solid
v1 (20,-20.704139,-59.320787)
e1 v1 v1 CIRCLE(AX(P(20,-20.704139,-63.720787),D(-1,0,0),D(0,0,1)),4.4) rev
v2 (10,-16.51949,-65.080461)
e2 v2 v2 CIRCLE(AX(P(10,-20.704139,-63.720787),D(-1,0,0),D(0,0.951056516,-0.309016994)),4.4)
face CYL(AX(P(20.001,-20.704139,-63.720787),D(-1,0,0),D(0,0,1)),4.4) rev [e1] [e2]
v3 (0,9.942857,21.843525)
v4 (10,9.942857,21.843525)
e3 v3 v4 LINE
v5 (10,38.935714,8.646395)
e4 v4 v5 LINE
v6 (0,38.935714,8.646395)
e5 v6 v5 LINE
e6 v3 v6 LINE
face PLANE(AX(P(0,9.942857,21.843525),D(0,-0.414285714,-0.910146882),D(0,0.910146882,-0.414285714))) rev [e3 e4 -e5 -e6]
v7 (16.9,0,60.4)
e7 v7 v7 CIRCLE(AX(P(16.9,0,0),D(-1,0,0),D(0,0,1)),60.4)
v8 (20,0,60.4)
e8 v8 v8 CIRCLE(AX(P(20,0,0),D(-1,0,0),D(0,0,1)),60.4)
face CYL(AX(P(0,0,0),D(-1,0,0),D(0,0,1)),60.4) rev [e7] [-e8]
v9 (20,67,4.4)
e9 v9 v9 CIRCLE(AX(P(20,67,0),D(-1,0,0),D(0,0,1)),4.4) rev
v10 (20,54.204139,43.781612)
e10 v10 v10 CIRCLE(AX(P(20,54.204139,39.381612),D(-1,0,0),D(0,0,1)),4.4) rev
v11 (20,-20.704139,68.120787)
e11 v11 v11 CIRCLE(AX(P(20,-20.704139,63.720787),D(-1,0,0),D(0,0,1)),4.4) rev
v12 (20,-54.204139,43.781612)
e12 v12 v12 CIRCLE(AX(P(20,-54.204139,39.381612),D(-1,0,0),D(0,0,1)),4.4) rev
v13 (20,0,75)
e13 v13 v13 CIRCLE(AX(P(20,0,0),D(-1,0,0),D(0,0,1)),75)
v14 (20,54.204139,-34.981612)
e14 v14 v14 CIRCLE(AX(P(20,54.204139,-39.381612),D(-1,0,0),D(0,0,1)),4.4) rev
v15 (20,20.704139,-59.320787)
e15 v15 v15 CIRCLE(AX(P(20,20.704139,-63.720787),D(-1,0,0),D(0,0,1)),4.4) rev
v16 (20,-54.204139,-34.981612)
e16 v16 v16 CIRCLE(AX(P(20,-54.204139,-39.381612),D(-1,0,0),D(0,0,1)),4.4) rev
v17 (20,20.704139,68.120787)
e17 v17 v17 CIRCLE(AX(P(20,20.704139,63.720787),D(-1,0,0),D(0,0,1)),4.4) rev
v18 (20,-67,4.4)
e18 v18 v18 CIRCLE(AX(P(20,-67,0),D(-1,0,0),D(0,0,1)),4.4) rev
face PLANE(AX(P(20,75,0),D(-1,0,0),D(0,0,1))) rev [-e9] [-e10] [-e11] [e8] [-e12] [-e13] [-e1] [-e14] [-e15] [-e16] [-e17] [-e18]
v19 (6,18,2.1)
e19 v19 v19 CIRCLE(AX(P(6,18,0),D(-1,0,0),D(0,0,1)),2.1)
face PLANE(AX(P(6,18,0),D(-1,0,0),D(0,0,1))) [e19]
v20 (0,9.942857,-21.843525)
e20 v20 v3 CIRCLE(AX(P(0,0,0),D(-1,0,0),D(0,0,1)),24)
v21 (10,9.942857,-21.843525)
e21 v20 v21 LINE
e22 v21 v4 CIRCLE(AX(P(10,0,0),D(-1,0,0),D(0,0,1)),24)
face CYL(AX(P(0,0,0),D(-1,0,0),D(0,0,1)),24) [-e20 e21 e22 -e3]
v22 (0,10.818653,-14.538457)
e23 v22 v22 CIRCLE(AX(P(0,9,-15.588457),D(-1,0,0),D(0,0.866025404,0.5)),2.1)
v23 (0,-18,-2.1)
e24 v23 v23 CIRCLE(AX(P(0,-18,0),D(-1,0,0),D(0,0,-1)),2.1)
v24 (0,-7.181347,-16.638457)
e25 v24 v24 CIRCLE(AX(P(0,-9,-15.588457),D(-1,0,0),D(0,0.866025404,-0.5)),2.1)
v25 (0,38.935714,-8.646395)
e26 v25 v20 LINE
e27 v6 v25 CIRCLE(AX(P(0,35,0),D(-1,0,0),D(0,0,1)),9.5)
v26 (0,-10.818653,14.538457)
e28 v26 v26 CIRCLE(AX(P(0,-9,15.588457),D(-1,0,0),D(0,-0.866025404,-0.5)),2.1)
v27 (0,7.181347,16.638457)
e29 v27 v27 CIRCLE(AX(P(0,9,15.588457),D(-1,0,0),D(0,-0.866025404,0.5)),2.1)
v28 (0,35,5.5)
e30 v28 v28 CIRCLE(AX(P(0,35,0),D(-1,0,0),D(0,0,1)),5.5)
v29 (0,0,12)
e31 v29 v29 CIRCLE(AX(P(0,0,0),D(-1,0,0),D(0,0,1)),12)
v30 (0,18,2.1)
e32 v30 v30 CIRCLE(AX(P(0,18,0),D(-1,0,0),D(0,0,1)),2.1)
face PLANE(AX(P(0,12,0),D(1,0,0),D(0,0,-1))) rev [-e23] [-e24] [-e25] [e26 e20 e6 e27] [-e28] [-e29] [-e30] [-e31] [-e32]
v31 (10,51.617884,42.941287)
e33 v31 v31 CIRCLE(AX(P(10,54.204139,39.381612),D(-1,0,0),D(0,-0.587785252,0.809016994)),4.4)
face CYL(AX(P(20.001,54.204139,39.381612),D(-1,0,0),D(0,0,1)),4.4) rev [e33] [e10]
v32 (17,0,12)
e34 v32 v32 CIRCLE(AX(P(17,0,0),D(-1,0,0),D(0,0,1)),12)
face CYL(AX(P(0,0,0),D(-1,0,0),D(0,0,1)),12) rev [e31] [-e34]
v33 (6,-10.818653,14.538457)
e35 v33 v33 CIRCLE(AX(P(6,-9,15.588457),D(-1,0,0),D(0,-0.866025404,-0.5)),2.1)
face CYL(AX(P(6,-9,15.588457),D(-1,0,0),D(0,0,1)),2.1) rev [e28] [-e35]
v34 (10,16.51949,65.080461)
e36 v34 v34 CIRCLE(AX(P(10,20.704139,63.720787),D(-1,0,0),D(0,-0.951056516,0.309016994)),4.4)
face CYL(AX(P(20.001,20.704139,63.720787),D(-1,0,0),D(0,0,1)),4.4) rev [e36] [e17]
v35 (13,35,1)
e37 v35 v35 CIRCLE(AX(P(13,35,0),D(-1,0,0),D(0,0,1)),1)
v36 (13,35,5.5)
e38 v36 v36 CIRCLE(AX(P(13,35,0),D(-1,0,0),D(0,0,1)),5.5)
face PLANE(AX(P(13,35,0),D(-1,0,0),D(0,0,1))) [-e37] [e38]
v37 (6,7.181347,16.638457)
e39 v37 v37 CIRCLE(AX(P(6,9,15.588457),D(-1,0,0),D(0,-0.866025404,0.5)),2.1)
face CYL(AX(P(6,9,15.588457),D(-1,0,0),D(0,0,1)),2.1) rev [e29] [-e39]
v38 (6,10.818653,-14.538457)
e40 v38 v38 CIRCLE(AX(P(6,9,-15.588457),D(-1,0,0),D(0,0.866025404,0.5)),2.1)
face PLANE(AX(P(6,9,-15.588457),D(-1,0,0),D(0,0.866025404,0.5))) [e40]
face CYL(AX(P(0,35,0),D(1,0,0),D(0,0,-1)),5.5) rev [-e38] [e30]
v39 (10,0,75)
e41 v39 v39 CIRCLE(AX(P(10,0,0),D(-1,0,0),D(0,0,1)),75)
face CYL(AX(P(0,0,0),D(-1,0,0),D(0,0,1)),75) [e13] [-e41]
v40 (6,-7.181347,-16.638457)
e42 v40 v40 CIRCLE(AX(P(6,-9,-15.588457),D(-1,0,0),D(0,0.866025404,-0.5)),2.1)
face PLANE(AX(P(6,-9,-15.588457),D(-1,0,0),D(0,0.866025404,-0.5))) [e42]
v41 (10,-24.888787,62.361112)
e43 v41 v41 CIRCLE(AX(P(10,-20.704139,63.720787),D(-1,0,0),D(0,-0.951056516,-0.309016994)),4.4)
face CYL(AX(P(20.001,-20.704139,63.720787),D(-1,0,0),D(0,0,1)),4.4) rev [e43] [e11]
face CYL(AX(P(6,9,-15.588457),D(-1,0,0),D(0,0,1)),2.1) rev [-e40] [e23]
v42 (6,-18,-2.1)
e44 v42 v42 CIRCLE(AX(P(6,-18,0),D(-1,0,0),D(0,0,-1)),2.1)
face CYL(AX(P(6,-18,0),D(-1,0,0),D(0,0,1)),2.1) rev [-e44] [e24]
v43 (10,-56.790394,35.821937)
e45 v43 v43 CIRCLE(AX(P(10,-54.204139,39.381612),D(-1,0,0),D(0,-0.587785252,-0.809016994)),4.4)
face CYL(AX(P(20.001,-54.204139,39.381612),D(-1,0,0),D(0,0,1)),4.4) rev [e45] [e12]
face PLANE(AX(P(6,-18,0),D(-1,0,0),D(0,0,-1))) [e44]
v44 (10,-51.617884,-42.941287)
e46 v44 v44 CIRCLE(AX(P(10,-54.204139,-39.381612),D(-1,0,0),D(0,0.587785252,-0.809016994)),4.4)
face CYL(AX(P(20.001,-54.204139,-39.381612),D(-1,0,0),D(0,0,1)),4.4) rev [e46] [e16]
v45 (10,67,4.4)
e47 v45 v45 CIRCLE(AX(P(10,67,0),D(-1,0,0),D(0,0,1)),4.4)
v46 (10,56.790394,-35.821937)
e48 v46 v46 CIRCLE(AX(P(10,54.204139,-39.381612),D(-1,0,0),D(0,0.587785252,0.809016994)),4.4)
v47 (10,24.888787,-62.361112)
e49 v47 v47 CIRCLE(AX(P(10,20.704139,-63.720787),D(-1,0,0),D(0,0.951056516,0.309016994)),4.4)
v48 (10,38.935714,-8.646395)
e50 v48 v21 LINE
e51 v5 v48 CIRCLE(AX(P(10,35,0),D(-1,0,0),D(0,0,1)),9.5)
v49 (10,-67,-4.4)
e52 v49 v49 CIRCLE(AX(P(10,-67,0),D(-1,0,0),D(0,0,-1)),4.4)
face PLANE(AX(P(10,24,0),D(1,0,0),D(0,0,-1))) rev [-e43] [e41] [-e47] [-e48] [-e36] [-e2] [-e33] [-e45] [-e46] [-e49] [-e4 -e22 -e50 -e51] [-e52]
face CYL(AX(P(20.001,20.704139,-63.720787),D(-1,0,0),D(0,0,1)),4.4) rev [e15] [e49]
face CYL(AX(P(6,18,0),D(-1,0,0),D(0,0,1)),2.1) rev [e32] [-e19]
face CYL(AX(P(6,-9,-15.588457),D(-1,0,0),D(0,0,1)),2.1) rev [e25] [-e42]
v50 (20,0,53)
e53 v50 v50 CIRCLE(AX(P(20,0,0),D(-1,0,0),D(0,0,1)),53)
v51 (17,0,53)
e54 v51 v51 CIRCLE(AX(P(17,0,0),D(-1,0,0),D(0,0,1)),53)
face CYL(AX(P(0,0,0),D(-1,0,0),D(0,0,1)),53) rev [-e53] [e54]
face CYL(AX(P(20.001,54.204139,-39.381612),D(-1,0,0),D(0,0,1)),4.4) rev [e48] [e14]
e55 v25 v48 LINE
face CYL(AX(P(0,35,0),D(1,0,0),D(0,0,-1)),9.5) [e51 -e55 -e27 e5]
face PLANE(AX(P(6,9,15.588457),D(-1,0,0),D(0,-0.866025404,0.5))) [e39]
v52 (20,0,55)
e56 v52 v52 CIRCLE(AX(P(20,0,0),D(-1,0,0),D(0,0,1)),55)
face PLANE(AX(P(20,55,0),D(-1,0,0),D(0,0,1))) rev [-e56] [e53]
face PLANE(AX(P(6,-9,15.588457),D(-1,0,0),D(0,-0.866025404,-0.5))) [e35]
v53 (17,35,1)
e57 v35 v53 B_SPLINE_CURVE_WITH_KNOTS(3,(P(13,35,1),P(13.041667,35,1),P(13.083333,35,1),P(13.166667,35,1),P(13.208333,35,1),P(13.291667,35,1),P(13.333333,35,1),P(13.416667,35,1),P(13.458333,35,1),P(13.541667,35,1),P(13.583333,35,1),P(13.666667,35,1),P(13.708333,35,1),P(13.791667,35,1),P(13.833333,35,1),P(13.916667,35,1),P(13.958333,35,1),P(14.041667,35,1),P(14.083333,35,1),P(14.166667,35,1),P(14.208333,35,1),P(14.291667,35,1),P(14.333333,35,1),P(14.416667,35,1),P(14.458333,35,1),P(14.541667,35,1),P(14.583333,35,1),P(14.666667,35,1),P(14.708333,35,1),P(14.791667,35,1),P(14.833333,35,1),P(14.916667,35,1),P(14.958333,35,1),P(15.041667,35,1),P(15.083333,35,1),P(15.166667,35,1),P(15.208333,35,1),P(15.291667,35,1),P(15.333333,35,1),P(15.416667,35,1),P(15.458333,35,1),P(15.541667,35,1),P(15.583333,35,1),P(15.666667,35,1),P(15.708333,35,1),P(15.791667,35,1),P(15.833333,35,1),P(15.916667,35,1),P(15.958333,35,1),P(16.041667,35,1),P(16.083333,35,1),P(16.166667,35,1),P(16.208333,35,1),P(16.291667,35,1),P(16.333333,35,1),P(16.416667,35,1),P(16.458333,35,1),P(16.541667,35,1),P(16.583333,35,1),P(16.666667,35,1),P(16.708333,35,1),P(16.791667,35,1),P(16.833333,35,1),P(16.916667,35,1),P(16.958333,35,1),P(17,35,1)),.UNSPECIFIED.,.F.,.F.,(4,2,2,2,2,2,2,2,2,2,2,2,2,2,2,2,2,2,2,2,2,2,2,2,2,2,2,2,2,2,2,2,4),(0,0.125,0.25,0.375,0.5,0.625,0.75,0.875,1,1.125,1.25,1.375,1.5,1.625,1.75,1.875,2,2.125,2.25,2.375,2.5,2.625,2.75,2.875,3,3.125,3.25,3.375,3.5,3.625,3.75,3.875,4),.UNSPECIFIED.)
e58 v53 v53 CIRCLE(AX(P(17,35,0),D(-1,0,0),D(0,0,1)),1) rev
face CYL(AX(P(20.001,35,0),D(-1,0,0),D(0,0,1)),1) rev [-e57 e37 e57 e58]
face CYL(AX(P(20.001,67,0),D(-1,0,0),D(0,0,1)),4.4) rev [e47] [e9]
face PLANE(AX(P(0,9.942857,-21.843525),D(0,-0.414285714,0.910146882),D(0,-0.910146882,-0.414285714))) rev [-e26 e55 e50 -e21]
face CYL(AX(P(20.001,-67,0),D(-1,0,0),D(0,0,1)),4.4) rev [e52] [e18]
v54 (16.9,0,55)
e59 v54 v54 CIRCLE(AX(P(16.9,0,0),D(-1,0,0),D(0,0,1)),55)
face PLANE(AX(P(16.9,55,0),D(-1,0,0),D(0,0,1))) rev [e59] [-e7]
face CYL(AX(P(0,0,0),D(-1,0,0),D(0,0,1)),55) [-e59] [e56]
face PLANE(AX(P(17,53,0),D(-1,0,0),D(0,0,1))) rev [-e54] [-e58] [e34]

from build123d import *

# Parameters (mm, degrees)
SKETCH2_R           = 2.1
CUT_EXTRUDE1_DEPTH  = 6
CIRPATTERN1_COUNT   = 6
CUT_EXTRUDE2_REACH  = 108.536
SKETCH3_R           = 4.4
CIRPATTERN2_COUNT   = 10
BOSS_EXTRUDE1_START = 10
SKETCH4_R           = 5.5
BOSS_EXTRUDE1_DEPTH = 10
SKETCH5_R           = 5.5
CUT_EXTRUDE3_DEPTH  = 3
CUT_EXTRUDE4_REACH  = 108.86
SKETCH6_R           = 1


with BuildPart() as part:
    # Sketch1 → Revolve1 (revolve)
    with BuildSketch(Plane.XY, mode=Mode.PRIVATE) as revolve1_sk:
        Polygon((0, 12), (17, 12), (17, 53), (20, 53), (20, 55), (16.9, 55), (16.9, 60.4), (20, 60.4), (20, 75), (10, 75), (10, 24), (0, 24), align=None)
    revolve(revolve1_sk.sketch.rotate(Axis((0, 0, 0), (1, 0, 0)), 90), axis=Axis((0, 0, 0), (1, 0, 0)))

    # Sketch2 → Cut-Extrude1 (cut)
    with BuildSketch(Plane.ZY):
        with Locations((0, 18)):
            Circle(SKETCH2_R)
    cut_extrude1 = extrude(amount=-CUT_EXTRUDE1_DEPTH, mode=Mode.SUBTRACT)

    # CirPattern1: Cut-Extrude1 ×6 about axis
    cirpattern1_axis = Axis((0, 0, 0), (1, 0, 0))
    for i in range(1, CIRPATTERN1_COUNT):
        add(cut_extrude1.rotate(cirpattern1_axis, i * 360 / CIRPATTERN1_COUNT), mode=Mode.SUBTRACT)

    # Sketch3 → Cut-Extrude2 (cut, up to next)
    with BuildSketch(Plane.ZY.offset(-10), mode=Mode.PRIVATE) as cut_extrude2_sk1:
        with Locations((0, 67)):
            Circle(SKETCH3_R)
    cut_extrude2_tool1 = extrude(cut_extrude2_sk1.sketch, amount=-CUT_EXTRUDE2_REACH, mode=Mode.PRIVATE) & part.part
    cut_extrude2 = cut_extrude2_tool1.solids().sort_by_distance((10, 67, 0))[0]
    add(cut_extrude2, mode=Mode.SUBTRACT)

    # CirPattern2: Cut-Extrude2 ×10 about axis
    cirpattern2_axis = Axis((0, 0, 0), (1, 0, 0))
    for i in range(1, CIRPATTERN2_COUNT):
        add(cut_extrude2.rotate(cirpattern2_axis, i * 360 / CIRPATTERN2_COUNT), mode=Mode.SUBTRACT)

    # Sketch4 → Boss-Extrude1 (add)
    with BuildSketch(Plane.ZY.offset(-10).offset(BOSS_EXTRUDE1_START)):
        with BuildLine():
            Line((-21.84352517, 9.942857143), (-8.64639538, 38.935714286))
            ThreePointArc((-8.64639538, 38.935714286), (0, 44.5), (8.64639538, 38.935714286))
            Line((8.64639538, 38.935714286), (21.84352517, 9.942857143))
            ThreePointArc((21.84352517, 9.942857143), (0, 24), (-21.84352517, 9.942857143))
        make_face()
        with Locations((0, 35)):
            Circle(SKETCH4_R, mode=Mode.SUBTRACT)
    extrude(amount=-BOSS_EXTRUDE1_DEPTH)

    # Sketch5 → Cut-Extrude3 (cut)
    with BuildSketch(Plane.ZY.offset(-10)):
        with Locations((0, 35)):
            Circle(SKETCH5_R)
    extrude(amount=-CUT_EXTRUDE3_DEPTH, mode=Mode.SUBTRACT)

    # Sketch6 → Cut-Extrude4 (cut, up to next)
    with BuildSketch(Plane.ZY.offset(-13), mode=Mode.PRIVATE) as cut_extrude4_sk1:
        with Locations((0, 35)):
            Circle(SKETCH6_R)
    cut_extrude4_tool1 = extrude(cut_extrude4_sk1.sketch, amount=-CUT_EXTRUDE4_REACH, mode=Mode.PRIVATE) & part.part
    add(cut_extrude4_tool1.solids().sort_by_distance((13, 35, 0))[0], mode=Mode.SUBTRACT)


solid = part.part
